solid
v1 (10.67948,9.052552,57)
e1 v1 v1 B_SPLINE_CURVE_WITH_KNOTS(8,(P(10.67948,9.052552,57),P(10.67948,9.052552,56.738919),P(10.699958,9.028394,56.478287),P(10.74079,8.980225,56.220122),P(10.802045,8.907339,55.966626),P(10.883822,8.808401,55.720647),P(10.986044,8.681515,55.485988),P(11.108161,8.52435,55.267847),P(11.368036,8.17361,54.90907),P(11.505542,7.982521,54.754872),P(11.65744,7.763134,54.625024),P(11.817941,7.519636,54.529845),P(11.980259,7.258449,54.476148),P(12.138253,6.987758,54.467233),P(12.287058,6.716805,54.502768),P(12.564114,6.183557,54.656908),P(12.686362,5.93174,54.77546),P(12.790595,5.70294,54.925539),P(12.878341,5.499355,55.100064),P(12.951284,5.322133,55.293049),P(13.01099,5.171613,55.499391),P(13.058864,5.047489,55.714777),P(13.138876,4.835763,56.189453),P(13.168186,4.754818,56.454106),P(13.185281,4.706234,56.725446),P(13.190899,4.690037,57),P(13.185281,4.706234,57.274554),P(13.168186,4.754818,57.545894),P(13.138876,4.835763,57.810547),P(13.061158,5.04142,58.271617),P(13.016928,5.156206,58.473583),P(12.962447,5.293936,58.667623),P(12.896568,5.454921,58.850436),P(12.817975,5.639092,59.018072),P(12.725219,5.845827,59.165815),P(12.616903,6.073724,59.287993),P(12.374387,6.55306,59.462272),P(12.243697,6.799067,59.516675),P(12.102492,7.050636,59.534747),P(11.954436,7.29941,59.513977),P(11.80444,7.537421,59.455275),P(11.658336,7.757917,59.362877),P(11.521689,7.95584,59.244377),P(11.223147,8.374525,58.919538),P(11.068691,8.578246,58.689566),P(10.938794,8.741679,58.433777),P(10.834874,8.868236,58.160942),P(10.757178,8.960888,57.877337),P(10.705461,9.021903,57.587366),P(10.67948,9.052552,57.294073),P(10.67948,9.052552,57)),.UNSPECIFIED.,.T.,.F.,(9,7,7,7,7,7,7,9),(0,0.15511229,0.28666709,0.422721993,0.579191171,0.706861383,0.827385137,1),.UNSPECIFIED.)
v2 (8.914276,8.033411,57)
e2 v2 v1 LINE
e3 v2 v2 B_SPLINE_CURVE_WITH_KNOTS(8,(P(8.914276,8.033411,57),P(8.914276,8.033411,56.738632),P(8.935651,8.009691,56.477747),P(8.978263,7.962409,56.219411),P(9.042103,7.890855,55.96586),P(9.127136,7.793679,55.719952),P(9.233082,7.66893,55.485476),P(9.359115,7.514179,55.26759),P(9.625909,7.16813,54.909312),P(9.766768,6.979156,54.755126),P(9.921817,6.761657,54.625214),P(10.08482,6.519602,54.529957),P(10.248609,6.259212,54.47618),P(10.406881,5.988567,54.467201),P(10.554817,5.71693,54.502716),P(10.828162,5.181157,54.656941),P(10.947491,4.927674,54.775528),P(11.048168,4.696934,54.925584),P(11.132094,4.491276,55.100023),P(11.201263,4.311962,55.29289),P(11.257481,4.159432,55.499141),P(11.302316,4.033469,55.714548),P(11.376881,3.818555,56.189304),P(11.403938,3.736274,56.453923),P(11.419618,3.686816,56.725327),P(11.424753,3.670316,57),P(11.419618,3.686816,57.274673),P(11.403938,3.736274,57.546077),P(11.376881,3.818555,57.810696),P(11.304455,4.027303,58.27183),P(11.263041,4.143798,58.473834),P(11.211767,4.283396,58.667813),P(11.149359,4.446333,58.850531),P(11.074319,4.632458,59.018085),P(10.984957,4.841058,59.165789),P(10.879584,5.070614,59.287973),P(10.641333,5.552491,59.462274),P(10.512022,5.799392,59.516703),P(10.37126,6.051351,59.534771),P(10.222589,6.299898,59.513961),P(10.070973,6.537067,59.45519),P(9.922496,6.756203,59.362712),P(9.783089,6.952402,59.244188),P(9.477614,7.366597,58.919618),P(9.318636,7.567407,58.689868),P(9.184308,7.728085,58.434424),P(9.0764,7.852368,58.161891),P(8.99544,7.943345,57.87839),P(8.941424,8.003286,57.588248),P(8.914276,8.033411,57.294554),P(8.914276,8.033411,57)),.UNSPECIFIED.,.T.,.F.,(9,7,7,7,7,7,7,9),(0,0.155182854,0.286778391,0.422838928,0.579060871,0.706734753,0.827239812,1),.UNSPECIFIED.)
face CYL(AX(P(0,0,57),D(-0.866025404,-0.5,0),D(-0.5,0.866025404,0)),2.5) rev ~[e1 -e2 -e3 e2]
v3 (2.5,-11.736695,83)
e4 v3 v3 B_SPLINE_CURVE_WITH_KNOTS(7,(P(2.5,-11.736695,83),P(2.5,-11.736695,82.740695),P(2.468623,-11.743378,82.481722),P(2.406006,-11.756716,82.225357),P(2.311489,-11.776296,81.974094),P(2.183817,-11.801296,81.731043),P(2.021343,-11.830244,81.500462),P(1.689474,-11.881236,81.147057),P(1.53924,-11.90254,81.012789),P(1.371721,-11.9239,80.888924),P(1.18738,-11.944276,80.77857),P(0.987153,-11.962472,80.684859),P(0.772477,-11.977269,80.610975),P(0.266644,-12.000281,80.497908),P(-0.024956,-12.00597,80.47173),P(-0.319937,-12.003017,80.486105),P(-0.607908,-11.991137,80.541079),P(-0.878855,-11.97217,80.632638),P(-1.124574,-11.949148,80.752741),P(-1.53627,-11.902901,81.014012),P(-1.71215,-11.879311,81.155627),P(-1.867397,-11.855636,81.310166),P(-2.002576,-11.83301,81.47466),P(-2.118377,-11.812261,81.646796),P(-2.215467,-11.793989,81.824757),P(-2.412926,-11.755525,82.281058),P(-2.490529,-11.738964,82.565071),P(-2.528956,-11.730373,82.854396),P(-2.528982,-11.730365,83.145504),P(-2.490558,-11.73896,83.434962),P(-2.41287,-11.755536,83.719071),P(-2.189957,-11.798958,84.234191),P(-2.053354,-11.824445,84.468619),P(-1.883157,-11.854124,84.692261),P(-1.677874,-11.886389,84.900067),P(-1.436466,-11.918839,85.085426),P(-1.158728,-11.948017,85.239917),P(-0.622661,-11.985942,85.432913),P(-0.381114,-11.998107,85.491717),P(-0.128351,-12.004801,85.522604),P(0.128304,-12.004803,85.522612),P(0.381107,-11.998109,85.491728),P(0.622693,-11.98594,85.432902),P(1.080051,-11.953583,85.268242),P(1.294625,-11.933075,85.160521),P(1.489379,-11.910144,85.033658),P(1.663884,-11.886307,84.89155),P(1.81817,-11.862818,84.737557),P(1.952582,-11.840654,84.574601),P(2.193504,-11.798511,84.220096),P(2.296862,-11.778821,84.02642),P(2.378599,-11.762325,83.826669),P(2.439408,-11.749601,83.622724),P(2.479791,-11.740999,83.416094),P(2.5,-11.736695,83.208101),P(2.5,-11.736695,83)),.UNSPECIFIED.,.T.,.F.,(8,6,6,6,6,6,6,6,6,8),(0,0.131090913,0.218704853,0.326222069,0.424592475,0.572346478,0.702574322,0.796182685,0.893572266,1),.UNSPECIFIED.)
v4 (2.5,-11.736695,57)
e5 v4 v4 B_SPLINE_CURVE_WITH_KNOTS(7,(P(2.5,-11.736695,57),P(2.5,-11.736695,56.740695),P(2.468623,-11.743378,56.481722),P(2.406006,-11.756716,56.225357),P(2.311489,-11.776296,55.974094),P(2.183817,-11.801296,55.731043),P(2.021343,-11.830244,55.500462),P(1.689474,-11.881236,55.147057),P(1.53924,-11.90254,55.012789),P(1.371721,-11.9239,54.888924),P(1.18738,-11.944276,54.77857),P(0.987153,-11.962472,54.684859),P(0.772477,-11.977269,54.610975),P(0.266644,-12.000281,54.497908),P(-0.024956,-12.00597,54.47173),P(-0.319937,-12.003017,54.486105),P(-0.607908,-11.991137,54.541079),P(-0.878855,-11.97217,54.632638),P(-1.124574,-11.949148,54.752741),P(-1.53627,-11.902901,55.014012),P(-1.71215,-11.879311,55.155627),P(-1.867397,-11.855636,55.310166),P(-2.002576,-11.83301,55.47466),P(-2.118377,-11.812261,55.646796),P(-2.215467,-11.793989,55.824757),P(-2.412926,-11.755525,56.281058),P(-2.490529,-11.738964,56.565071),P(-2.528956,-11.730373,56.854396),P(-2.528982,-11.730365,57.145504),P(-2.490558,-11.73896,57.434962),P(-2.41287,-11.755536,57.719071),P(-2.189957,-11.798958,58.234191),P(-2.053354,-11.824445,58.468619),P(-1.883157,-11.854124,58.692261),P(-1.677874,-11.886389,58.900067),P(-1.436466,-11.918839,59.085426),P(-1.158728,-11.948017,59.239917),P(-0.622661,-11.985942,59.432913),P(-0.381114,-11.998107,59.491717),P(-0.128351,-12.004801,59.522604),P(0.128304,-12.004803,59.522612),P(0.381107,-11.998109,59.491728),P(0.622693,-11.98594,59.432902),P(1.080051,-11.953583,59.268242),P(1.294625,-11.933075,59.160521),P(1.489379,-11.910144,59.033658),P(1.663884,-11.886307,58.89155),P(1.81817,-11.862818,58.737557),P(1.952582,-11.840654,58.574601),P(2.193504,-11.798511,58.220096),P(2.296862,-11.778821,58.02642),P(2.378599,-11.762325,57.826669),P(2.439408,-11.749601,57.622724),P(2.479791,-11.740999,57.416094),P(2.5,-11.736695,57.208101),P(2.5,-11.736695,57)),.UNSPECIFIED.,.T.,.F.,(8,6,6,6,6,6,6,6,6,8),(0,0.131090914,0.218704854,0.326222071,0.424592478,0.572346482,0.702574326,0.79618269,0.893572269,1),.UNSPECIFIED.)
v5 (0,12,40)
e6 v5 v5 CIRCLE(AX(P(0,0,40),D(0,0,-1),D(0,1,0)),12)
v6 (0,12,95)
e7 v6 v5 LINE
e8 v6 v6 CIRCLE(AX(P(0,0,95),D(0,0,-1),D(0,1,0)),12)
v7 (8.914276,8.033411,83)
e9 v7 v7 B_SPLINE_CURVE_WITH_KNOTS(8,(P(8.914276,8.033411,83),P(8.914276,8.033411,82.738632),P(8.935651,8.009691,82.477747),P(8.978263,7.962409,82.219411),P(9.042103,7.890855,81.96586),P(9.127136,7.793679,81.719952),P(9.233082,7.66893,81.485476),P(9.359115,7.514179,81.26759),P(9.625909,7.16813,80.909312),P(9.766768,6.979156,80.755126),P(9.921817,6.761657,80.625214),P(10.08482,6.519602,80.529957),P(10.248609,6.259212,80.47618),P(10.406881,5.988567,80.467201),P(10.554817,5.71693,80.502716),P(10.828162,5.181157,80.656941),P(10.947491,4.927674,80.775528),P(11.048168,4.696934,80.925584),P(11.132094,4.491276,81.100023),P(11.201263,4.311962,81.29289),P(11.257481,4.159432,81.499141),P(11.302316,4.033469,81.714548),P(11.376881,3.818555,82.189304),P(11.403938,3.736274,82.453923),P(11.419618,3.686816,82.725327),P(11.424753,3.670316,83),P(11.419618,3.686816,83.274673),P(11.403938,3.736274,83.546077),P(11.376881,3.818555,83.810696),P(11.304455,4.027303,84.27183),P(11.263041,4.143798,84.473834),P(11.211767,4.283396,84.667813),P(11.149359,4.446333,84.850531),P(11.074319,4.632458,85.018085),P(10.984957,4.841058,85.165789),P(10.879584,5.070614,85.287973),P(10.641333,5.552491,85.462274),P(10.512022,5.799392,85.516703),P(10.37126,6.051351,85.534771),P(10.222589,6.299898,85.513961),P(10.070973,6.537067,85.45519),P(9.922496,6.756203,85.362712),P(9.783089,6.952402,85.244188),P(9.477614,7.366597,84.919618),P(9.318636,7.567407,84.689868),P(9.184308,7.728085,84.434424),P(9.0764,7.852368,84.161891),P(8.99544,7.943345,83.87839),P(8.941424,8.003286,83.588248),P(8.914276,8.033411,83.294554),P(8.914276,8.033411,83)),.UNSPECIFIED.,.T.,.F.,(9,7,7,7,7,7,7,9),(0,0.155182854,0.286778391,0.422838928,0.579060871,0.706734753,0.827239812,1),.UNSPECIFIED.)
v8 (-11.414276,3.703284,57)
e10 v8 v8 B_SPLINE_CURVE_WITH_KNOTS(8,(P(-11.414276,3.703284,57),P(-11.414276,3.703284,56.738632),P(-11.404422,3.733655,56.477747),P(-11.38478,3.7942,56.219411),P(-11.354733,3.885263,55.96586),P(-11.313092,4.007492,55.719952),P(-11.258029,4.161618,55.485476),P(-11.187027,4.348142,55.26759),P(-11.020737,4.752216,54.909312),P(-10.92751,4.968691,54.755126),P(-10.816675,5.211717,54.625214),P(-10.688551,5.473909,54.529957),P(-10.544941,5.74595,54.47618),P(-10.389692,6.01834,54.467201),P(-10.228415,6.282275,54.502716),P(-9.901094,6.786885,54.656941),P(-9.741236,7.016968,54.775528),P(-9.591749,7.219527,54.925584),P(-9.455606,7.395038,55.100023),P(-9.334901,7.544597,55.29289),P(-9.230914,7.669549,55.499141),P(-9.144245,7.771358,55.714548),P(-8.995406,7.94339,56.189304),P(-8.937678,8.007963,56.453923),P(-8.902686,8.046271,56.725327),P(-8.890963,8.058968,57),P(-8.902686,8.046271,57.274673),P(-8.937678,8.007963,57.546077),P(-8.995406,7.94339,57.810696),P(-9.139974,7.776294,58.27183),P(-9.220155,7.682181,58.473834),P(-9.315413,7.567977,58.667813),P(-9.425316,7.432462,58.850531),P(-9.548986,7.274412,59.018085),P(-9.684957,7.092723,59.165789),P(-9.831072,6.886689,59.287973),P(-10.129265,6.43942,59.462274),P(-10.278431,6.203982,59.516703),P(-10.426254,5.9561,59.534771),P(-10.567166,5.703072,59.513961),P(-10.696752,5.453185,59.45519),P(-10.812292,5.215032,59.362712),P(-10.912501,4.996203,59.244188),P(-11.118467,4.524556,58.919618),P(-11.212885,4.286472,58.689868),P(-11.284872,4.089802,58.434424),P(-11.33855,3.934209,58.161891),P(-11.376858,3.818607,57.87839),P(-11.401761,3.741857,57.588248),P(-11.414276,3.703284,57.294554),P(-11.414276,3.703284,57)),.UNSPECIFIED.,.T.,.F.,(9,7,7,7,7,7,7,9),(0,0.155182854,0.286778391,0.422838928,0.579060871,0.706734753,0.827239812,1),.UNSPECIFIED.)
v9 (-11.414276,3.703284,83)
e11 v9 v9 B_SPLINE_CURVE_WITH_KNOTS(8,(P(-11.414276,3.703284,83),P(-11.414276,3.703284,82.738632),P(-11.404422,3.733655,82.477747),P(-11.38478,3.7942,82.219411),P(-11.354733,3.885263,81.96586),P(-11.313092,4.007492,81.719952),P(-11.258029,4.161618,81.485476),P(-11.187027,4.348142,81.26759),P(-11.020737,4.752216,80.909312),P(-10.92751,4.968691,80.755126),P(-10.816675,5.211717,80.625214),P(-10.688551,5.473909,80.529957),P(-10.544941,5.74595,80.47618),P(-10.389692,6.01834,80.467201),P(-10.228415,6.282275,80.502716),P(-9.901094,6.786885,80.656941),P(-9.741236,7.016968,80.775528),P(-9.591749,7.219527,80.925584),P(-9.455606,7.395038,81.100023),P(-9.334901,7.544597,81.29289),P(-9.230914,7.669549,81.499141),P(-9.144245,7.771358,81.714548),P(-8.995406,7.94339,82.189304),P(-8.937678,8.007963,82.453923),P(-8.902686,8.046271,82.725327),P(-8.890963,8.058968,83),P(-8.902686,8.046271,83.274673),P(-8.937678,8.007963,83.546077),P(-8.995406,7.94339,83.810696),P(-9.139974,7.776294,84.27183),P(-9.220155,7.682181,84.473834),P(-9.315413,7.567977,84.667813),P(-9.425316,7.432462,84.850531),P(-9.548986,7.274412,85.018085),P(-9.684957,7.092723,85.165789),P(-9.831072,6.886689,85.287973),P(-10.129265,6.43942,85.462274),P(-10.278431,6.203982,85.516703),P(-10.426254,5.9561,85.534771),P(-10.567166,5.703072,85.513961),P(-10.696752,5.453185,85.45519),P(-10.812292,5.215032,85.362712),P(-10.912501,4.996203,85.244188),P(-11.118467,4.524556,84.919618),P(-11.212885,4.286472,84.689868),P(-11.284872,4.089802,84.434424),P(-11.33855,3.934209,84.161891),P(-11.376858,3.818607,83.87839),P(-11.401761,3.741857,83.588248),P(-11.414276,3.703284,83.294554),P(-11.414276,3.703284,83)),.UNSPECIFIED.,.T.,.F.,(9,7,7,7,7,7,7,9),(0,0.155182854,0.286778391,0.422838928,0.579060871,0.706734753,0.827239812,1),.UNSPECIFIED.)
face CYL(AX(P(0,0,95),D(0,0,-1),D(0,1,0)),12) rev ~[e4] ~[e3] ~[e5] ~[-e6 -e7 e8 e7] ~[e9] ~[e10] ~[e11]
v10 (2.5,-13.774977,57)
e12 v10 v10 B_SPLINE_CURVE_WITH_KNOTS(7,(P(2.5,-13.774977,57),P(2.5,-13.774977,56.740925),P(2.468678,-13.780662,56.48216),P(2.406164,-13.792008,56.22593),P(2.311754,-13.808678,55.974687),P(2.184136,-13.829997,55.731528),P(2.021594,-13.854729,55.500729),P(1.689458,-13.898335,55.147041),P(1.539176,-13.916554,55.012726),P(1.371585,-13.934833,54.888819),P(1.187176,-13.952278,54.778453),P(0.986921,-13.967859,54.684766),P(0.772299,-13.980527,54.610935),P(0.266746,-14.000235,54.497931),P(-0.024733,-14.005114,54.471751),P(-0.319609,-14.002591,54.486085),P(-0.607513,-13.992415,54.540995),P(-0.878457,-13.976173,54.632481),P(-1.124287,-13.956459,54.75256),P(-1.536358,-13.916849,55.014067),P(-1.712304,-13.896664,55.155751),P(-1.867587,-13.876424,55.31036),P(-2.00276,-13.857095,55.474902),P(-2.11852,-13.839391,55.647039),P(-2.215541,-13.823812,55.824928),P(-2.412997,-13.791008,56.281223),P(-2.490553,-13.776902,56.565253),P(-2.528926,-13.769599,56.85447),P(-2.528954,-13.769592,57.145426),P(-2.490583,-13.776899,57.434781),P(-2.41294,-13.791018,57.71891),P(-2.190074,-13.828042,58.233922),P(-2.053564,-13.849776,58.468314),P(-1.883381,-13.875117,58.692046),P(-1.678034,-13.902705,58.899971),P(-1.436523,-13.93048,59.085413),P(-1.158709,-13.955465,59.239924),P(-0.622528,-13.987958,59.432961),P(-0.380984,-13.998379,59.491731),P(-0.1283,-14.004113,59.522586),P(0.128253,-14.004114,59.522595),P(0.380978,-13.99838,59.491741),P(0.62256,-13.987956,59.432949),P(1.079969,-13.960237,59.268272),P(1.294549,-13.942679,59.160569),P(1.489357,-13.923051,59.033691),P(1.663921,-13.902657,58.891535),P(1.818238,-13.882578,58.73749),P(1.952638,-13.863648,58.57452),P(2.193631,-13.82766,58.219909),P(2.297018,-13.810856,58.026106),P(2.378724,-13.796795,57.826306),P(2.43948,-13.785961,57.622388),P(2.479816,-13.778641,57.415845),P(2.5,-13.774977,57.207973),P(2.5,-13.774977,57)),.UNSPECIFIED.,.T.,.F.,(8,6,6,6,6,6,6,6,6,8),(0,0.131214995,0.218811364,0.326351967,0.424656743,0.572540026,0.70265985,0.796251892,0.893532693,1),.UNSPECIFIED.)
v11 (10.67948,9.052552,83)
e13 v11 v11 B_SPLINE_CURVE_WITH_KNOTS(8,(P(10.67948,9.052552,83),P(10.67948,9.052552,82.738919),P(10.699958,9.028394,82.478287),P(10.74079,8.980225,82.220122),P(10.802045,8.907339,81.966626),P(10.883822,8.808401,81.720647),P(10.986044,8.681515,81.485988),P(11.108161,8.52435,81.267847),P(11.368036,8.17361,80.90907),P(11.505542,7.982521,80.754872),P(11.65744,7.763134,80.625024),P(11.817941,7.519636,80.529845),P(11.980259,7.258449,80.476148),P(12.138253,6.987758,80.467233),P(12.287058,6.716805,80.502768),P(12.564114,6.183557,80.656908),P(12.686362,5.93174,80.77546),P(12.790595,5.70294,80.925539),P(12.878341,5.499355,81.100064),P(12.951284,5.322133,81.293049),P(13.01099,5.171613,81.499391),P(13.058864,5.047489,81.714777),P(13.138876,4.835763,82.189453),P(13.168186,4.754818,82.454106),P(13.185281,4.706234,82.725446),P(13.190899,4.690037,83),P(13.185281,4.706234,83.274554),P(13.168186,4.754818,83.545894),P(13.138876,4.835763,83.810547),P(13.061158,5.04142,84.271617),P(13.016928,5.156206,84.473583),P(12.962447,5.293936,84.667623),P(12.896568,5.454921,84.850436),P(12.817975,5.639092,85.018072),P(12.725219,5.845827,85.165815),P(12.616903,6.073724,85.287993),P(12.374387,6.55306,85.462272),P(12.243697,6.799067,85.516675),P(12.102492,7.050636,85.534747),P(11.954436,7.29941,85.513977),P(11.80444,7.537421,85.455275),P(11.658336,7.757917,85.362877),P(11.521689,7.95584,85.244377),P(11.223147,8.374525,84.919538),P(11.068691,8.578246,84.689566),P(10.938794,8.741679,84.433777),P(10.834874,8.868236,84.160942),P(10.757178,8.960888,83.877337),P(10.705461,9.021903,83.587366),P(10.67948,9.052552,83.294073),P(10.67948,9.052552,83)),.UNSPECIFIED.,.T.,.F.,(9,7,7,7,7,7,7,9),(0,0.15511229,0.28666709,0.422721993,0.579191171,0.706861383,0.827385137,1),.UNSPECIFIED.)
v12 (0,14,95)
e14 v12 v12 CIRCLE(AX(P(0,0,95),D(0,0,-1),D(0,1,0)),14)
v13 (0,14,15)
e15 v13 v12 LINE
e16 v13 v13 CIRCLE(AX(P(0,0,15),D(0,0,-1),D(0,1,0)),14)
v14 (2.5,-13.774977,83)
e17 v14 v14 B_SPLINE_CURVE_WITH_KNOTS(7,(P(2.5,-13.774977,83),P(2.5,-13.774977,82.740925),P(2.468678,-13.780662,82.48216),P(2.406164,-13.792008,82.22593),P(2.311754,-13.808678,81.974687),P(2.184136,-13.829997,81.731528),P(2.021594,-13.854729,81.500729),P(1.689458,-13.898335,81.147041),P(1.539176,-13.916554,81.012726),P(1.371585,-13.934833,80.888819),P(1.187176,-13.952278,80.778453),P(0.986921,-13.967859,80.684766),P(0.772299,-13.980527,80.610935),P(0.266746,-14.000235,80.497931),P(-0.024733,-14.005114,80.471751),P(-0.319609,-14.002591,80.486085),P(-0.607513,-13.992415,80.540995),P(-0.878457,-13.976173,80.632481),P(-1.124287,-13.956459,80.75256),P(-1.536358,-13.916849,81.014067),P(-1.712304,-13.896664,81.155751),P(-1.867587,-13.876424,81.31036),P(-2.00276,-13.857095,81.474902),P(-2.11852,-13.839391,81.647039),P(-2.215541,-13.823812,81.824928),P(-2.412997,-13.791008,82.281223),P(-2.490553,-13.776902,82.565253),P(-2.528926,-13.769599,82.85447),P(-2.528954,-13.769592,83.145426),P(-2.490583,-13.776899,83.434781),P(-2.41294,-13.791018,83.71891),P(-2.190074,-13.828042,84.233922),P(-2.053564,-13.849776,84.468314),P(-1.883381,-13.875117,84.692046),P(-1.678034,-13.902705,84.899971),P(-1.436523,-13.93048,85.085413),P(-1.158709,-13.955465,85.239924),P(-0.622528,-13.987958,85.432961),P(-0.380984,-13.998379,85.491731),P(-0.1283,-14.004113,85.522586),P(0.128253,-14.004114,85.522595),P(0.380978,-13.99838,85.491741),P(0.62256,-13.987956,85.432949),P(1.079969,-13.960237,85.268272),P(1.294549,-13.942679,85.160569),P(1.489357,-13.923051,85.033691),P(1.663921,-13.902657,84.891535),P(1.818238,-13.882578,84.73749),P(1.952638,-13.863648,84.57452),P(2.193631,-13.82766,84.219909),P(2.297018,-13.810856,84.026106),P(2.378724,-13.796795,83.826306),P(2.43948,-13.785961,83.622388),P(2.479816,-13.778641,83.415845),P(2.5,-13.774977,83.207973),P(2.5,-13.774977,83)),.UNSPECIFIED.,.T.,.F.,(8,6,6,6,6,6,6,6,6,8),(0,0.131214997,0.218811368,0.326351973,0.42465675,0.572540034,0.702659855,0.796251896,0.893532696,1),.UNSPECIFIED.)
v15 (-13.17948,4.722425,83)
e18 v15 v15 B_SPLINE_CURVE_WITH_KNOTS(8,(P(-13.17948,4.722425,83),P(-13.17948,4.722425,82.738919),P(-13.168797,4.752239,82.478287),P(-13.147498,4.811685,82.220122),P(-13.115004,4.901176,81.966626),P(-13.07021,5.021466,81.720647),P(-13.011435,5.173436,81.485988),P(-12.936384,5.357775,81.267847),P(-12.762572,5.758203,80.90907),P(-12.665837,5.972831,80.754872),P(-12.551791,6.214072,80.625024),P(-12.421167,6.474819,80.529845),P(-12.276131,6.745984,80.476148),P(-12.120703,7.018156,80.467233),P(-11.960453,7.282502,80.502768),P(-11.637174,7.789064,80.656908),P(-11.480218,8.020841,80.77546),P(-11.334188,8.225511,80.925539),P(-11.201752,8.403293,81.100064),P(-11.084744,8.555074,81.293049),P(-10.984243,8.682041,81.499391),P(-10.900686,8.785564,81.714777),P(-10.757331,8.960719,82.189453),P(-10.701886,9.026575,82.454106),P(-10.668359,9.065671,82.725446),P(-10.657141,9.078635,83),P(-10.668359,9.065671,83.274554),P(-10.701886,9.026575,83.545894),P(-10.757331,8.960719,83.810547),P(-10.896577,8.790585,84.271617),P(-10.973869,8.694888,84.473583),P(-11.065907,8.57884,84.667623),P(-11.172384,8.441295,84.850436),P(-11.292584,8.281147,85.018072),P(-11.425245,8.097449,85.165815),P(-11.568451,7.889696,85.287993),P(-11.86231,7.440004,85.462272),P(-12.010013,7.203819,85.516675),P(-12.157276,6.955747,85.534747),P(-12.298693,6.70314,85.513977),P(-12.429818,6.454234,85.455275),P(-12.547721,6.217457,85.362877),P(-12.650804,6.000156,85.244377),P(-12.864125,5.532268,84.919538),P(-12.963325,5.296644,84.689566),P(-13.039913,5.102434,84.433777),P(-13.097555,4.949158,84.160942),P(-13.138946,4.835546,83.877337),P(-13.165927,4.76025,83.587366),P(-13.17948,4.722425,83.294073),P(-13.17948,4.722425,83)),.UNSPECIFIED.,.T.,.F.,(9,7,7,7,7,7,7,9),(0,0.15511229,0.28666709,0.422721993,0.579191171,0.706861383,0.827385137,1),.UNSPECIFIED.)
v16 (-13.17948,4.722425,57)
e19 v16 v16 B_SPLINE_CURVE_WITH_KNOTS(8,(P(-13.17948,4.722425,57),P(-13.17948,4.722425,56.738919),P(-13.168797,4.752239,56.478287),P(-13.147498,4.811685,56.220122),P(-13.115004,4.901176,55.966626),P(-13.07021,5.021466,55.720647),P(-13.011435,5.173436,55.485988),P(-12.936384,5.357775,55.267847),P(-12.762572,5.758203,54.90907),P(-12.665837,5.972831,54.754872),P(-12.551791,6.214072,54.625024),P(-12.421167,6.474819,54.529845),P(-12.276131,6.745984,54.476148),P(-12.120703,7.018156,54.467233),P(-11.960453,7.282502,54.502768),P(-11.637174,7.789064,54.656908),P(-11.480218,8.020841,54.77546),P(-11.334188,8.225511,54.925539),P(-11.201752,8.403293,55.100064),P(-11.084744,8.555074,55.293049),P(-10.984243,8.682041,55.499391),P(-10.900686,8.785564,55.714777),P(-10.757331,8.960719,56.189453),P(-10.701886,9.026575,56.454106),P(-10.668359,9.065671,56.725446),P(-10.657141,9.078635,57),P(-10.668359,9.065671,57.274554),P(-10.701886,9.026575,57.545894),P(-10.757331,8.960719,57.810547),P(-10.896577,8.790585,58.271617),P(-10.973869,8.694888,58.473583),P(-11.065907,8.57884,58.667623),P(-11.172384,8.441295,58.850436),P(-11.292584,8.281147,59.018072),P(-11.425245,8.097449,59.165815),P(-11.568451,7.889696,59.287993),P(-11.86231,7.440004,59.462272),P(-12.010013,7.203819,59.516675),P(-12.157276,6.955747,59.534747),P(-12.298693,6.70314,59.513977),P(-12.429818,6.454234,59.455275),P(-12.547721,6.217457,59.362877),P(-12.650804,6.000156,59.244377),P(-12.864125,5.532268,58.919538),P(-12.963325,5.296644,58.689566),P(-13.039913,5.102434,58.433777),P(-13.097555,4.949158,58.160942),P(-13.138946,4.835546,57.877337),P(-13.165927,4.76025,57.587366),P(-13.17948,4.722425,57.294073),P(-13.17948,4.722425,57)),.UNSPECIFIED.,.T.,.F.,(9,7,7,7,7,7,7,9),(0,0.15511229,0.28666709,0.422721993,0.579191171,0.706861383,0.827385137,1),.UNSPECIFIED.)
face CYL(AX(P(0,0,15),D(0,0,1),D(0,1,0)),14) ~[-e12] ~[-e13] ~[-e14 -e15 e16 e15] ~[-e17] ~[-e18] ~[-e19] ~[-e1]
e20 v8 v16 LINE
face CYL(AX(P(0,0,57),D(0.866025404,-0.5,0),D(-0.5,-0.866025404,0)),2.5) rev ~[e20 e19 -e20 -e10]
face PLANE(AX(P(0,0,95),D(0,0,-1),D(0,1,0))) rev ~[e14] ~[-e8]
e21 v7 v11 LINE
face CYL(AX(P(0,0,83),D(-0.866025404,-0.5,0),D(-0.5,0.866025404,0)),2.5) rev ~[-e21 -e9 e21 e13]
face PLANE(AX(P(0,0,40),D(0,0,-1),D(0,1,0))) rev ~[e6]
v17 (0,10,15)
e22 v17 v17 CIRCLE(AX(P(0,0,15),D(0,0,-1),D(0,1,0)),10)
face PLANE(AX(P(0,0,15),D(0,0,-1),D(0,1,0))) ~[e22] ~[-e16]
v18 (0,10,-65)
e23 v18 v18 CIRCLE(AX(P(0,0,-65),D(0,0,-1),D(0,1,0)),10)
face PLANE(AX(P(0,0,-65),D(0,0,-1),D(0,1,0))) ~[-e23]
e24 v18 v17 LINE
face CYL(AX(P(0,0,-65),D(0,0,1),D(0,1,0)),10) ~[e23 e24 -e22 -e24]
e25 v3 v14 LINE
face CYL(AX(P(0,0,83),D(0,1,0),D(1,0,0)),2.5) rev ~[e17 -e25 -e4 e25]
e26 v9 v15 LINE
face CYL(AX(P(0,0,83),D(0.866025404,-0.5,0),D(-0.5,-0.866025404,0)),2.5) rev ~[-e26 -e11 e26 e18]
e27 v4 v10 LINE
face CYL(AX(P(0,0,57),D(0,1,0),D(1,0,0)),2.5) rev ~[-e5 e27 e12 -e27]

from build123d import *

# Parameters (mm, degrees)
CROQUIS2_R            = 2.5
CORTAR_EXTRUIR1_DEPTH = 15
MATRIZC1_COUNT        = 3


with BuildPart() as part:
    # Croquis1 → Revolución1 (revolve)
    with BuildSketch(Plane(origin=(0, 0, 0), x_dir=(0, 0, -1), z_dir=(1, 0, 0))):
        Polygon((-95, 14), (-95, 12), (-40, 12), (-40, 0), (65, 0), (65, 10), (-15, 10), (-15, 14), align=None)
    revolve(axis=Axis((0, 0, 144.04817275), (0, 0, -1)))

    # Croquis2 → Cortar-Extruir1 (cut)
    with BuildSketch(Plane(origin=(0, 0, 0), x_dir=(1, 0, 0), z_dir=(0, 1, 0))):
        with Locations((0, -83)):
            Circle(CROQUIS2_R)
        with Locations((0, -57)):
            Circle(CROQUIS2_R)
    cortar_extruir1 = extrude(amount=-CORTAR_EXTRUIR1_DEPTH, mode=Mode.SUBTRACT)

    # MatrizC1: Cortar-Extruir1 ×3 about axis
    matrizc1_axis = Axis((0, 0, 103), (0, 0, -1))
    for i in range(1, MATRIZC1_COUNT):
        add(cortar_extruir1.rotate(matrizc1_axis, i * 360 / MATRIZC1_COUNT), mode=Mode.SUBTRACT)


solid = part.part
